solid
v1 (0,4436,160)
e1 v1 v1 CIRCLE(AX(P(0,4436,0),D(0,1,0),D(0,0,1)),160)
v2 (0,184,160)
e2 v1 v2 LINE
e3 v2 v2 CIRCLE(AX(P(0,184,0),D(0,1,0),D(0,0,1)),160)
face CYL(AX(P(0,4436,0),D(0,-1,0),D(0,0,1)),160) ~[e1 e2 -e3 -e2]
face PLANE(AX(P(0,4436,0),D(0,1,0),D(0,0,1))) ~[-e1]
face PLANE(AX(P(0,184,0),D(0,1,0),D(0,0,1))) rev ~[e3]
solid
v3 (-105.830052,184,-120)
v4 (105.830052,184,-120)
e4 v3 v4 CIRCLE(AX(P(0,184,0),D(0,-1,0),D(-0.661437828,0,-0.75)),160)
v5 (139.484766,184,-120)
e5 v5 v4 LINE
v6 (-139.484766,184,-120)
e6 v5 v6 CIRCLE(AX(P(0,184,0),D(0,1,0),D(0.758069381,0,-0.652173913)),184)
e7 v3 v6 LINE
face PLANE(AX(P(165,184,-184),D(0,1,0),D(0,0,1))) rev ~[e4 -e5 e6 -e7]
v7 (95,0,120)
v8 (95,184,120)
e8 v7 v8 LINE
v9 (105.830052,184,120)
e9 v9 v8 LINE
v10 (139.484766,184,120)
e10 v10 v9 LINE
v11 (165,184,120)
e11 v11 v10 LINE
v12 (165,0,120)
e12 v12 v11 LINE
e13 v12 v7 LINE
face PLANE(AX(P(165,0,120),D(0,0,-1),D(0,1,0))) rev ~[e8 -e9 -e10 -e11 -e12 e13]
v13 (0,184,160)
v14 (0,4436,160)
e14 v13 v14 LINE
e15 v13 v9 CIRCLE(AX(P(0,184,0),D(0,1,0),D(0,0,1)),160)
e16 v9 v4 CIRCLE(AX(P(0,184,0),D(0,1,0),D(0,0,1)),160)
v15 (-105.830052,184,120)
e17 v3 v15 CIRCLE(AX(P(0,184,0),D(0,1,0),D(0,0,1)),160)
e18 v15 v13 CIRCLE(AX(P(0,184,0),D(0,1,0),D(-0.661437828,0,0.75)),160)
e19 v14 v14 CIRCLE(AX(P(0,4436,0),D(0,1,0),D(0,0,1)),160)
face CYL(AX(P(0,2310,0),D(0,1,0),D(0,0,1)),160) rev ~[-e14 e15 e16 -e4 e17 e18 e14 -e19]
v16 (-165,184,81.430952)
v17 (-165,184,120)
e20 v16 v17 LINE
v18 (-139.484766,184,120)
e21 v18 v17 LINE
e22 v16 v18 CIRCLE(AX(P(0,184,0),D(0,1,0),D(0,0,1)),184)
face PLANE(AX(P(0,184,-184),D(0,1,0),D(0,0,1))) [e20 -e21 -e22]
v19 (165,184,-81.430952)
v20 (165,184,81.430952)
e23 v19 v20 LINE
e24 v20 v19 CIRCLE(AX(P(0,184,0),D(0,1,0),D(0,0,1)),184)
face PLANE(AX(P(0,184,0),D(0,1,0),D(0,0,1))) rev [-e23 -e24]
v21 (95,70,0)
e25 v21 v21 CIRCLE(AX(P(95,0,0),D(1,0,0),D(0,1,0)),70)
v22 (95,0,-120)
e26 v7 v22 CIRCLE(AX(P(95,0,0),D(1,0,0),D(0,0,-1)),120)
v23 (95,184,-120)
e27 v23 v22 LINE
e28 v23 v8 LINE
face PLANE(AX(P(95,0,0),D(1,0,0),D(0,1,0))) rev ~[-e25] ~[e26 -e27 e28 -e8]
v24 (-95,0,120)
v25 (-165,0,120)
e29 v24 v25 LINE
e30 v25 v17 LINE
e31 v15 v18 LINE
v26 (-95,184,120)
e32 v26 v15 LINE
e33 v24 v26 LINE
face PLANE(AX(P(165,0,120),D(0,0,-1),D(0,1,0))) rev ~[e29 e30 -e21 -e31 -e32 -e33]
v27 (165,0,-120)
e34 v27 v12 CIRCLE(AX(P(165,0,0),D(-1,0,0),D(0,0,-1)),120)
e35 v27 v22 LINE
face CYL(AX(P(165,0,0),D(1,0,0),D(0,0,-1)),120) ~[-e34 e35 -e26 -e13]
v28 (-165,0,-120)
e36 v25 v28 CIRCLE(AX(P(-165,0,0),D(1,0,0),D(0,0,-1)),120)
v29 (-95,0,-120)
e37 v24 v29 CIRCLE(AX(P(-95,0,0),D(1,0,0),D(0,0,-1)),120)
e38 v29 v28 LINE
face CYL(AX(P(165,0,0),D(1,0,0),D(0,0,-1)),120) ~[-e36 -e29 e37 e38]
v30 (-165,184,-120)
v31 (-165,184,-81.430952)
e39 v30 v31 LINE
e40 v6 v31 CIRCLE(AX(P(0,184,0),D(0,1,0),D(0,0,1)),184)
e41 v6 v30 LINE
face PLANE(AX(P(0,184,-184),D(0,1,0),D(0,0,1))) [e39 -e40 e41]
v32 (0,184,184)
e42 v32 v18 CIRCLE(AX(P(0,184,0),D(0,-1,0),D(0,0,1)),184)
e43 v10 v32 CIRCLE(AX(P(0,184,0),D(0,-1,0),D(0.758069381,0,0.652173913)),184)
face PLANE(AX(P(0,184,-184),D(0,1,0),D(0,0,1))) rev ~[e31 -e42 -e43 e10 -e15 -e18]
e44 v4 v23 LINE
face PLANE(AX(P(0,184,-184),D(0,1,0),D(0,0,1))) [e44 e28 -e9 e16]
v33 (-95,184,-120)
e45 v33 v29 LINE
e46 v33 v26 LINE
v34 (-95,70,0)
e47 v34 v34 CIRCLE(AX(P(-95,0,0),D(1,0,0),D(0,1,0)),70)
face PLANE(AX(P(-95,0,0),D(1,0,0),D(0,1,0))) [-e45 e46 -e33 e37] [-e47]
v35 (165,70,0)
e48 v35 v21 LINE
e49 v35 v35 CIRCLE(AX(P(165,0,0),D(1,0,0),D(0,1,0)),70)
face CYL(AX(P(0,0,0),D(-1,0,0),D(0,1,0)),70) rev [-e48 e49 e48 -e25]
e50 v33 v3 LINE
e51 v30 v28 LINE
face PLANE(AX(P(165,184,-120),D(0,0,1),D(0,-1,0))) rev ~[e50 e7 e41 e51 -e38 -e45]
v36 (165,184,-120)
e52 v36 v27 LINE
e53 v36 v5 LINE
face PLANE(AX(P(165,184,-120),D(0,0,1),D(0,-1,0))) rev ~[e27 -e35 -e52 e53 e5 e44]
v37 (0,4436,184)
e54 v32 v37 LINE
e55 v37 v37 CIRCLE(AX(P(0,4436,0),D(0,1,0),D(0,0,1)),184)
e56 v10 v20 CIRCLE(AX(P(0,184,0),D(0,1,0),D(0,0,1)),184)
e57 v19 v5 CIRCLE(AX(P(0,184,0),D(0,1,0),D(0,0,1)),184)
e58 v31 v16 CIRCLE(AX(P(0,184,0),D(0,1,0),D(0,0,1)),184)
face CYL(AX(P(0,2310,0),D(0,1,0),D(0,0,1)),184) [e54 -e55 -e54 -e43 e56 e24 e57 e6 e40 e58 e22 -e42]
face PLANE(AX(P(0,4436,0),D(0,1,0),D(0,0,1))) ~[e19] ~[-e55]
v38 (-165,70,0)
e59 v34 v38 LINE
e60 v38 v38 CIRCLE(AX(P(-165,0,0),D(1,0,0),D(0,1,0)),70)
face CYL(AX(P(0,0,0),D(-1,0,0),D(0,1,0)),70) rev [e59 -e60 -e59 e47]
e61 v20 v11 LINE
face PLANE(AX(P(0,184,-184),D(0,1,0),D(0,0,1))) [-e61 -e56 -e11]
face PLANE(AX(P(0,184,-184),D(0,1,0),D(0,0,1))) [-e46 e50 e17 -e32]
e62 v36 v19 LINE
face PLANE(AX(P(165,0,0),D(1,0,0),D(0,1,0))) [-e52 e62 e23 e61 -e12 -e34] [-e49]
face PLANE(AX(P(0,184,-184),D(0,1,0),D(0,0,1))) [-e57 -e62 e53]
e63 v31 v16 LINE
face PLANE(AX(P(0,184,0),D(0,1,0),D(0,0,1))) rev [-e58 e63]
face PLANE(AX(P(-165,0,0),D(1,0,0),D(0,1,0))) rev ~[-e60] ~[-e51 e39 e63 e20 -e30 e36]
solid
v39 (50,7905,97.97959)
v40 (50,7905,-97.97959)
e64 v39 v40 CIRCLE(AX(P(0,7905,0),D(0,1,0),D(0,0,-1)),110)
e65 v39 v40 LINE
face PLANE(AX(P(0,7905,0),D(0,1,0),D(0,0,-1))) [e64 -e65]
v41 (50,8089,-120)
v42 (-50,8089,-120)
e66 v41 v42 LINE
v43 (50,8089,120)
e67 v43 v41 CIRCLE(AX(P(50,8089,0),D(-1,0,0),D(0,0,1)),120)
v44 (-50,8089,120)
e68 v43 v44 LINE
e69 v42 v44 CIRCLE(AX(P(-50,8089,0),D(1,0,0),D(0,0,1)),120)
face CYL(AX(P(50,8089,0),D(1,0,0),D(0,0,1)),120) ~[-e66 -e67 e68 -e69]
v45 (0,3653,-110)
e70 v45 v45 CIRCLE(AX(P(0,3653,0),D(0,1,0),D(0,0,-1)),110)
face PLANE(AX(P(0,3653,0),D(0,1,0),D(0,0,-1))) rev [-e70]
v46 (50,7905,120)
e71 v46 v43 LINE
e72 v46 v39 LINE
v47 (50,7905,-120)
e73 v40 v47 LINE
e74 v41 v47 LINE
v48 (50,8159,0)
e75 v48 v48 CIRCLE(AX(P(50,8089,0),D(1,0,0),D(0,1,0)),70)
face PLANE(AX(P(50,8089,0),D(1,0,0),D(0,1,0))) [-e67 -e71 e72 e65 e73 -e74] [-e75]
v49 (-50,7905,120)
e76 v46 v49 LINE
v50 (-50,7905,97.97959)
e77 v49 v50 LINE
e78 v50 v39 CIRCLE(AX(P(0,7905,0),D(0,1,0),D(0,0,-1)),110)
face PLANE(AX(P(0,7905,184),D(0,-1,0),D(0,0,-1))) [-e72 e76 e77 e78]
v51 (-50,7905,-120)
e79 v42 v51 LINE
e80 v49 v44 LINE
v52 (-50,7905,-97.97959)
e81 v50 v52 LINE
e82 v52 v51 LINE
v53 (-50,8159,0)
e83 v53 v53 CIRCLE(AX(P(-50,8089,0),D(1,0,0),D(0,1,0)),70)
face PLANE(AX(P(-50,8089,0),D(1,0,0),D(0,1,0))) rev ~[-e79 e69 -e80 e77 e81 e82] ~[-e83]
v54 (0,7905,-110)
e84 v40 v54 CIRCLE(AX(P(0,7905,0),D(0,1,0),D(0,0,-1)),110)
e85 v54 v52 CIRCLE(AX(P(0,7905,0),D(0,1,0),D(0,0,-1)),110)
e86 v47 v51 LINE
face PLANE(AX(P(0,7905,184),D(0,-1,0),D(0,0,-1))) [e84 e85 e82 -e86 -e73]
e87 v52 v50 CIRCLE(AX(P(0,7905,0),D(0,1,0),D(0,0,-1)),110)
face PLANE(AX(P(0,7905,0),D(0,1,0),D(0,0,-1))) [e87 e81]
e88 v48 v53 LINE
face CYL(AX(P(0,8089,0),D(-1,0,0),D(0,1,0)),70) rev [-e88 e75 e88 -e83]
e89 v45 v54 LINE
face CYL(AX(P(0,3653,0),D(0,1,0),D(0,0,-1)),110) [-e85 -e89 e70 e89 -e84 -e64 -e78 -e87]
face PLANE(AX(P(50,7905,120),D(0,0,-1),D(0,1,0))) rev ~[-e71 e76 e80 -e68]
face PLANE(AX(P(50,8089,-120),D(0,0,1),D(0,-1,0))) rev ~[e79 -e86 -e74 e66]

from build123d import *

# Parameters (mm, degrees)
F0_W      = 4252
F0_H      = 24
F0_R      = 70
F3_DEPTH  = 165
F4_DEPTH  = 50
F6_DEPTH  = 95
F8_DEPTH  = 349.001
F10_DEPTH = 234.001


with BuildPart() as f1:
    # F0 (on Right) → F1 (revolve)
    with BuildSketch(Plane.YZ):
        with Locations((2310, 172)):
            Rectangle(F0_W, F0_H)
    revolve(axis=Axis((0, 2310, 0), (0, 1, 0)))

    # F0 (on Right) → F3 (join, symmetric)
    with BuildSketch(Plane.YZ):
        with BuildLine():
            ThreePointArc((0, -184), (130.1076477383, -130.1076477383), (184, 0))
            ThreePointArc((184, 0), (130.1076477383, 130.1076477383), (0, 184))
            ThreePointArc((0, 184), (-184, 0), (0, -184))
        make_face()
        Circle(F0_R, mode=Mode.SUBTRACT)
        with BuildLine():
            ThreePointArc((0, 184), (130.1076477383, 130.1076477383), (184, 0))
            Line((184, 0), (184, 160))
            Line((184, 160), (184, 184))
            Line((184, 184), (0, 184))
        make_face()
        with BuildLine():
            Line((184, -184), (184, 0))
            ThreePointArc((184, 0), (130.1076477383, -130.1076477383), (0, -184))
            Line((0, -184), (184, -184))
        make_face()
    extrude(amount=F3_DEPTH, both=True)

    # F0 (on Right) → F6 (cut, symmetric)
    with BuildSketch(Plane.YZ):
        with BuildLine():
            ThreePointArc((0, -184), (130.1076477383, -130.1076477383), (184, 0))
            ThreePointArc((184, 0), (130.1076477383, 130.1076477383), (0, 184))
            ThreePointArc((0, 184), (-184, 0), (0, -184))
        make_face()
        Circle(F0_R, mode=Mode.SUBTRACT)
        with BuildLine():
            ThreePointArc((0, 184), (130.1076477383, 130.1076477383), (184, 0))
            Line((184, 0), (184, 160))
            Line((184, 160), (184, 184))
            Line((184, 184), (0, 184))
        make_face()
        with BuildLine():
            Line((184, -184), (184, 0))
            ThreePointArc((184, 0), (130.1076477383, -130.1076477383), (0, -184))
            Line((0, -184), (184, -184))
        make_face()
    extrude(amount=F6_DEPTH, both=True, mode=Mode.SUBTRACT)

    # F7 (on face) → F8 (cut, through all)
    with BuildSketch(Plane.YZ.offset(165)):
        with BuildLine():
            ThreePointArc((0, -120), (-120, 0), (0, 120))
            Line((0, 120), (184, 120))
            Line((184, 120), (184, 184))
            Line((184, 184), (0, 184))
            ThreePointArc((0, 184), (-184, 0), (0, -184))
            Line((0, -184), (184, -184))
            Line((184, -184), (184, -120))
            Line((184, -120), (0, -120))
        make_face()
    extrude(amount=-F8_DEPTH, mode=Mode.SUBTRACT)


with BuildPart() as f2:
    # F0 (on Right) → F2 (revolve)
    with BuildSketch(Plane.YZ):
        Polygon((4436, 0), (3653, 0), (3653, -110), (7905, -110), (7905, 0), align=None)
    revolve(axis=Axis((0, 6170.5, 0), (0, 1, 0)))

    # F0 (on Right) → F4 (join, symmetric)
    with BuildSketch(Plane.YZ):
        with BuildLine():
            ThreePointArc((8089, 184), (7958.8923522617, 130.1076477383), (7905, 0))
            ThreePointArc((7905, 0), (7958.8923522617, -130.1076477383), (8089, -184))
            ThreePointArc((8089, -184), (8219.1076477383, -130.1076477383), (8273, 0))
            ThreePointArc((8273, 0), (8219.1076477383, 130.1076477383), (8089, 184))
        make_face()
        with Locations((8089, 0)):
            Circle(F0_R, mode=Mode.SUBTRACT)
        with BuildLine():
            Line((7905, 184), (7905, 0))
            ThreePointArc((7905, 0), (7958.8923522617, 130.1076477383), (8089, 184))
            Line((8089, 184), (7905, 184))
        make_face()
        with BuildLine():
            ThreePointArc((8089, -184), (7958.8923522617, -130.1076477383), (7905, 0))
            Line((7905, 0), (7905, -110))
            Line((7905, -110), (7905, -184))
            Line((7905, -184), (8089, -184))
        make_face()
    extrude(amount=F4_DEPTH, both=True)

    # F9 (on face) → F10 (cut, through all)
    with BuildSketch(Plane.YZ.offset(50)):
        with BuildLine():
            ThreePointArc((8089, 120), (8173.8528137424, 84.8528137424), (8209, 0))
            ThreePointArc((8209, 0), (8173.8528137424, -84.8528137424), (8089, -120))
            Line((8089, -120), (7905, -120))
            Line((7905, -120), (7905, -184))
            Line((7905, -184), (8089, -184))
            ThreePointArc((8089, -184), (8273, 0), (8089, 184))
            Line((8089, 184), (7905, 184))
            Line((7905, 184), (7905, 120))
            Line((7905, 120), (8089, 120))
        make_face()
    extrude(amount=-F10_DEPTH, mode=Mode.SUBTRACT)


with BuildPart() as f5:
    # F0 (on Right) → F5 (revolve)
    with BuildSketch(Plane.YZ):
        Polygon((184, 160), (184, 0), (3653, 0), (4436, 0), (4436, 160), align=None)
    revolve(axis=Axis((0, 2310, 0), (0, 1, 0)))


solid = Compound([f1.part, f2.part, f5.part])
